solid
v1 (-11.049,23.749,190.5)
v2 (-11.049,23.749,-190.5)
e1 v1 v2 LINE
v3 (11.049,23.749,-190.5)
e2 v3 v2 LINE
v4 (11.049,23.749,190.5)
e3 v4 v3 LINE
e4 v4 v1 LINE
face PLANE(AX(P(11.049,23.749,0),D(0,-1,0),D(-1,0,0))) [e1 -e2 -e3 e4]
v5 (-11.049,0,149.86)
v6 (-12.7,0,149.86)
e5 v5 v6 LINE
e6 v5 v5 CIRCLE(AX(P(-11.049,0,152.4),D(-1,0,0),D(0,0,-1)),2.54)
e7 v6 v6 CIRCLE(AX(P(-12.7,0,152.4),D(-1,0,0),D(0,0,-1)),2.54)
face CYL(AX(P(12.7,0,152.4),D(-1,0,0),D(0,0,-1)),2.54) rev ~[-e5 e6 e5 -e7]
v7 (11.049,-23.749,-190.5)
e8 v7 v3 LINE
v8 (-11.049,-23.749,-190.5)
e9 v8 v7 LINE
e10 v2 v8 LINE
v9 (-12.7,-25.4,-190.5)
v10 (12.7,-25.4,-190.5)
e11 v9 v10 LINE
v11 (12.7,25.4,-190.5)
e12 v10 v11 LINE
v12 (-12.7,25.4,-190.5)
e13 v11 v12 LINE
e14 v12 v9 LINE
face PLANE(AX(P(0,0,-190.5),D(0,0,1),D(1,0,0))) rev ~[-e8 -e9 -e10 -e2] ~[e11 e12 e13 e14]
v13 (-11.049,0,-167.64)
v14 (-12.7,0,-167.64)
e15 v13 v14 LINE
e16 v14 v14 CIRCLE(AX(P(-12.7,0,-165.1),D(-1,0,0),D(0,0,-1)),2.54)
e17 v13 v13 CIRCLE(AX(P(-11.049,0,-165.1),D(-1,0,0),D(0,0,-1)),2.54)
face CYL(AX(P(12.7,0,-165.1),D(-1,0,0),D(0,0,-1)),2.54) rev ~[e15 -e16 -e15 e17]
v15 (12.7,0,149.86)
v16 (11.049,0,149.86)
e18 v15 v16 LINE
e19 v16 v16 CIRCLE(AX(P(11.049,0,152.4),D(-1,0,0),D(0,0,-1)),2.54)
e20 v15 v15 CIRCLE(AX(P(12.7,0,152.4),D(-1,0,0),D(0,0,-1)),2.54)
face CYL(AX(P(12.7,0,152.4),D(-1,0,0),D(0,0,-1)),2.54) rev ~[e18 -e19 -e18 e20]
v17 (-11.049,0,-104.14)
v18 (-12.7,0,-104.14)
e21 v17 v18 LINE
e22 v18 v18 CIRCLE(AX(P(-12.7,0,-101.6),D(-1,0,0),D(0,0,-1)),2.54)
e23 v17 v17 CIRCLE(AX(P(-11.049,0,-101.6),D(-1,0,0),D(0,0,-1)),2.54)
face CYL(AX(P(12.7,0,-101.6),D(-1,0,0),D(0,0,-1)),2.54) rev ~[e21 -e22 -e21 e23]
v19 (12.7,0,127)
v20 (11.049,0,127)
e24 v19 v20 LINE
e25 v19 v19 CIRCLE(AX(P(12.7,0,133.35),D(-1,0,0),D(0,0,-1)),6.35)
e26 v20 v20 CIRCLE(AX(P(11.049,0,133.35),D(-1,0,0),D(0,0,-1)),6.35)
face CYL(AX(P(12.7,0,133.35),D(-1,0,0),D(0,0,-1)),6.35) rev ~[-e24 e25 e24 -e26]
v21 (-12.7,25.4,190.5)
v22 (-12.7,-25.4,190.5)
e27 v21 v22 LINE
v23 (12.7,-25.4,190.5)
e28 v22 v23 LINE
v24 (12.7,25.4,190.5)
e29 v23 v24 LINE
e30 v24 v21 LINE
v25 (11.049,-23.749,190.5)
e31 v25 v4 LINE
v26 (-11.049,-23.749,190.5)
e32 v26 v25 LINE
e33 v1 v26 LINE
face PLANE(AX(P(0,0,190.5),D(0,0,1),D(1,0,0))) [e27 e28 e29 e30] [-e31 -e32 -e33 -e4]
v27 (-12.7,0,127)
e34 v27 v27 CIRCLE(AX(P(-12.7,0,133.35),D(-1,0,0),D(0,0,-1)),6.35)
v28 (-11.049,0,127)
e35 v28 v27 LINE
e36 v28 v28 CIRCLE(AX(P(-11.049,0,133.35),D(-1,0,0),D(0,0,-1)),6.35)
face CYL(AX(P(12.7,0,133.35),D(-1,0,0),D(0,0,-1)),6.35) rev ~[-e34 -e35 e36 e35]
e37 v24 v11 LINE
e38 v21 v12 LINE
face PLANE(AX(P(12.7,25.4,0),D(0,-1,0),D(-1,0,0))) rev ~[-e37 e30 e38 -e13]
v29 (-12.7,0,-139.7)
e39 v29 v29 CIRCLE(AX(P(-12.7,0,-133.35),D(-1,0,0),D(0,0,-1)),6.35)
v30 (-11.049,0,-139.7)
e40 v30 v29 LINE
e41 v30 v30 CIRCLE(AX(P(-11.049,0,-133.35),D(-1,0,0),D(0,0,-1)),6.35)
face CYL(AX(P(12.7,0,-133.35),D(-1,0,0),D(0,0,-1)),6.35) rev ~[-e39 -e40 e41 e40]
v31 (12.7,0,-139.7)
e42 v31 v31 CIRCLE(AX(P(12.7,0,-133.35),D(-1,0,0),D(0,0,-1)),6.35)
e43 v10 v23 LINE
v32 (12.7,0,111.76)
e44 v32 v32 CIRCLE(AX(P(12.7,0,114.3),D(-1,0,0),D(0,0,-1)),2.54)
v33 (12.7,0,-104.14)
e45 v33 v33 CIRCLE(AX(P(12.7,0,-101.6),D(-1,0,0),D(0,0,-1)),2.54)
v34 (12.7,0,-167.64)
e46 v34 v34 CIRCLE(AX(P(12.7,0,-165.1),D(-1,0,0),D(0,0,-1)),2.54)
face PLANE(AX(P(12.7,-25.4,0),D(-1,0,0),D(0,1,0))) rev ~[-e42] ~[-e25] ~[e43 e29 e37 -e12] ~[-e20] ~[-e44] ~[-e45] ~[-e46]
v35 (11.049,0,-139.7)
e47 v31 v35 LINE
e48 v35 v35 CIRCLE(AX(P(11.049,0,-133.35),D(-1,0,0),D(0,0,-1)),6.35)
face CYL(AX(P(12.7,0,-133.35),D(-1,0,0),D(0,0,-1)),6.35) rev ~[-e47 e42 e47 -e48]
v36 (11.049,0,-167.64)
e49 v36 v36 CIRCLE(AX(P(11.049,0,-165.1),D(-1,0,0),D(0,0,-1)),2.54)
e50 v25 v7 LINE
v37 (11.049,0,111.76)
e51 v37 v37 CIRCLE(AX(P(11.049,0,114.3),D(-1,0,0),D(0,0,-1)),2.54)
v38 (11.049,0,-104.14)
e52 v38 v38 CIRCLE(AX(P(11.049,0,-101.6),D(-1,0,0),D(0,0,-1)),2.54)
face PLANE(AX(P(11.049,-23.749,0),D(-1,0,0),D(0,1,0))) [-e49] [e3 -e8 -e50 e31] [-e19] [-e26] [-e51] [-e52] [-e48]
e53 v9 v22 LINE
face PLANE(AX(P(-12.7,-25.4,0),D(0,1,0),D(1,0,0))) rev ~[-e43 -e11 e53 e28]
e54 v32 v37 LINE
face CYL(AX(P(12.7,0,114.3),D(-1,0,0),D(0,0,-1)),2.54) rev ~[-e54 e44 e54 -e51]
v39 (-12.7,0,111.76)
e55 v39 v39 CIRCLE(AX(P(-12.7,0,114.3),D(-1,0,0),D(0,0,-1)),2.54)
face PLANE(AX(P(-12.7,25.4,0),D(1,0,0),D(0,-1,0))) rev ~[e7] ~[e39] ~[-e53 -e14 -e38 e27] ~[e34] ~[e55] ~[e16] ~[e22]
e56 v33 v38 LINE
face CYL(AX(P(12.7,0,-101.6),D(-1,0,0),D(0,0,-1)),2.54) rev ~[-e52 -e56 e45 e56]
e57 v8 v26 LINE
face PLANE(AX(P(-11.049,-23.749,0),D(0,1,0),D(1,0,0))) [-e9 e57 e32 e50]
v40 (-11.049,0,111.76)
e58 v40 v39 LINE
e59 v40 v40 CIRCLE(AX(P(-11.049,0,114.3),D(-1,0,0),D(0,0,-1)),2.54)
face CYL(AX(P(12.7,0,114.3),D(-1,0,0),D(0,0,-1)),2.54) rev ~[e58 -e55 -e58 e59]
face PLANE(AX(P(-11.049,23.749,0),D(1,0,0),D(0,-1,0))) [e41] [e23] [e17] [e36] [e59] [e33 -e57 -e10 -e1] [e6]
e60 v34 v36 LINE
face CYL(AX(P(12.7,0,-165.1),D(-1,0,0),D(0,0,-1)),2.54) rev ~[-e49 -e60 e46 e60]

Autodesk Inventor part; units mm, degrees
ref_plane "YZ Plane" through (0, 0, 0) normal (1, 0, 0) x (0, 1, 0)
ref_plane "XY Plane" through (0, 0, 0) normal (0, 0, 1) x (1, 0, 0)
sketch "Sketch1" plane through (0, 0, 0) normal (0, 0, 1) x (1, 0, 0)
  line L0 (-12.7, -25.4) -> (12.7, -25.4)
  line L1 (12.7, -25.4) -> (12.7, 25.4)
  line L2 (12.7, 25.4) -> (-12.7, 25.4)
  line L3 (-12.7, 25.4) -> (-12.7, -25.4)
  line L4 (-12.7, -25.4) -> (12.7, 25.4) construction
  line L5 (12.7, -25.4) -> (-12.7, 25.4) construction
  line L6 (-11.049, -23.749) -> (11.049, -23.749)
  line L7 (11.049, -23.749) -> (11.049, 23.749)
  line L8 (11.049, 23.749) -> (-11.049, 23.749)
  line L9 (-11.049, 23.749) -> (-11.049, -23.749)
  line L10 (-11.049, -23.749) -> (11.049, 23.749) construction
  line L11 (11.049, -23.749) -> (-11.049, 23.749) construction
  point P0 (0, 0)
  dimension "d0" = 25.4
  dimension "d1" = 50.8
  dimension "d4" = 22.098
  dimension "d5" = 47.498
extrude "Extrusion2" add sketch "Sketch1" along normal mid plane 381
sketch "Sketch3" plane through (12.7, -25.4, 190.5) normal (1, 0, 0) x (0, 0, -1)
  line L0 (381, 50.8) -> (0, 50.8) projected
  line L1 (0, 0) -> (0, 50.8) projected
  line L2 (381, 0) -> (0, 0) projected
  line L3 (381, 50.8) -> (381, 0) projected
  circle A0 centre (57.15, 25.4) radius 6.35
  point P0 (190.5, 25.4)
  dimension "d22" = 12.7
  dimension "d23" = 57.15
  dimension "d24" = 25.4
hole "Hole2" at (12.7, 0, 133.35) direction (-1, 0, 0) diameter 12.7 end through all
sketch "Sketch4" plane through (12.7, -25.4, 190.5) normal (1, 0, 0) x (0, 0, -1)
  circle A0 centre (57.15, 25.4) radius 6.35 projected
  line L0 (381, 50.8) -> (0, 50.8) projected
  line L1 (0, 0) -> (0, 50.8) projected
  line L2 (381, 0) -> (0, 0) projected
  line L3 (381, 50.8) -> (381, 0) projected
  point P0 (190.5, 25.4)
  point P1 (323.85, 25.4)
  dimension "d32" = 57.15
  dimension "d33" = 25.4
hole "Hole3" at (12.7, 0, -133.35) direction (-1, 0, 0) diameter 12.7 end through all
sketch "Sketch5" plane through (12.7, -25.4, 190.5) normal (1, 0, 0) x (0, 0, -1)
  circle A0 centre (323.85, 25.4) radius 6.35 projected
  circle A1 centre (57.15, 25.4) radius 6.35 projected
  line L0 (381, 50.8) -> (0, 50.8) projected
  line L1 (0, 0) -> (0, 50.8) projected
  line L2 (381, 0) -> (0, 0) projected
  line L3 (381, 50.8) -> (381, 0) projected
  point P0 (190.5, 25.4)
  point P1 (355.6, 25.4)
  point P2 (292.1, 25.4)
  dimension "d41" = 63.5
  dimension "d42" = 31.75
hole "Hole4" at (12.7, 0, -101.6) at (12.7, 0, -165.1) direction (-1, 0, 0) diameter 5.08 end through all
sketch "Sketch6" plane through (12.7, -25.4, 190.5) normal (1, 0, 0) x (0, 0, -1)
  circle A0 centre (292.1, 25.4) radius 2.54 projected
  circle A1 centre (355.6, 25.4) radius 2.54 projected
  circle A2 centre (323.85, 25.4) radius 6.35 projected
  circle A3 centre (57.15, 25.4) radius 6.35 projected
  line L0 (381, 50.8) -> (0, 50.8) projected
  line L1 (0, 0) -> (0, 50.8) projected
  line L2 (381, 0) -> (0, 0) projected
  line L3 (381, 50.8) -> (381, 0) projected
  circle A4 centre (38.1, 25.4) radius 2.54
  line L4 (57.15, 31.75) -> (57.15, 19.05) construction
  circle A5 centre (76.2, 25.4) radius 2.54
  point P0 (190.5, 25.4)
  dimension "d53" = 5.08
  dimension "d54" = 19.05
hole "Hole5" at (12.7, 0, 152.4) at (12.7, 0, 114.3) direction (-1, 0, 0) diameter 5.08 end through all
properties part number "Steel 4130 1x2in. Tubing, t=.065in.,L=15in." material "Steel"
